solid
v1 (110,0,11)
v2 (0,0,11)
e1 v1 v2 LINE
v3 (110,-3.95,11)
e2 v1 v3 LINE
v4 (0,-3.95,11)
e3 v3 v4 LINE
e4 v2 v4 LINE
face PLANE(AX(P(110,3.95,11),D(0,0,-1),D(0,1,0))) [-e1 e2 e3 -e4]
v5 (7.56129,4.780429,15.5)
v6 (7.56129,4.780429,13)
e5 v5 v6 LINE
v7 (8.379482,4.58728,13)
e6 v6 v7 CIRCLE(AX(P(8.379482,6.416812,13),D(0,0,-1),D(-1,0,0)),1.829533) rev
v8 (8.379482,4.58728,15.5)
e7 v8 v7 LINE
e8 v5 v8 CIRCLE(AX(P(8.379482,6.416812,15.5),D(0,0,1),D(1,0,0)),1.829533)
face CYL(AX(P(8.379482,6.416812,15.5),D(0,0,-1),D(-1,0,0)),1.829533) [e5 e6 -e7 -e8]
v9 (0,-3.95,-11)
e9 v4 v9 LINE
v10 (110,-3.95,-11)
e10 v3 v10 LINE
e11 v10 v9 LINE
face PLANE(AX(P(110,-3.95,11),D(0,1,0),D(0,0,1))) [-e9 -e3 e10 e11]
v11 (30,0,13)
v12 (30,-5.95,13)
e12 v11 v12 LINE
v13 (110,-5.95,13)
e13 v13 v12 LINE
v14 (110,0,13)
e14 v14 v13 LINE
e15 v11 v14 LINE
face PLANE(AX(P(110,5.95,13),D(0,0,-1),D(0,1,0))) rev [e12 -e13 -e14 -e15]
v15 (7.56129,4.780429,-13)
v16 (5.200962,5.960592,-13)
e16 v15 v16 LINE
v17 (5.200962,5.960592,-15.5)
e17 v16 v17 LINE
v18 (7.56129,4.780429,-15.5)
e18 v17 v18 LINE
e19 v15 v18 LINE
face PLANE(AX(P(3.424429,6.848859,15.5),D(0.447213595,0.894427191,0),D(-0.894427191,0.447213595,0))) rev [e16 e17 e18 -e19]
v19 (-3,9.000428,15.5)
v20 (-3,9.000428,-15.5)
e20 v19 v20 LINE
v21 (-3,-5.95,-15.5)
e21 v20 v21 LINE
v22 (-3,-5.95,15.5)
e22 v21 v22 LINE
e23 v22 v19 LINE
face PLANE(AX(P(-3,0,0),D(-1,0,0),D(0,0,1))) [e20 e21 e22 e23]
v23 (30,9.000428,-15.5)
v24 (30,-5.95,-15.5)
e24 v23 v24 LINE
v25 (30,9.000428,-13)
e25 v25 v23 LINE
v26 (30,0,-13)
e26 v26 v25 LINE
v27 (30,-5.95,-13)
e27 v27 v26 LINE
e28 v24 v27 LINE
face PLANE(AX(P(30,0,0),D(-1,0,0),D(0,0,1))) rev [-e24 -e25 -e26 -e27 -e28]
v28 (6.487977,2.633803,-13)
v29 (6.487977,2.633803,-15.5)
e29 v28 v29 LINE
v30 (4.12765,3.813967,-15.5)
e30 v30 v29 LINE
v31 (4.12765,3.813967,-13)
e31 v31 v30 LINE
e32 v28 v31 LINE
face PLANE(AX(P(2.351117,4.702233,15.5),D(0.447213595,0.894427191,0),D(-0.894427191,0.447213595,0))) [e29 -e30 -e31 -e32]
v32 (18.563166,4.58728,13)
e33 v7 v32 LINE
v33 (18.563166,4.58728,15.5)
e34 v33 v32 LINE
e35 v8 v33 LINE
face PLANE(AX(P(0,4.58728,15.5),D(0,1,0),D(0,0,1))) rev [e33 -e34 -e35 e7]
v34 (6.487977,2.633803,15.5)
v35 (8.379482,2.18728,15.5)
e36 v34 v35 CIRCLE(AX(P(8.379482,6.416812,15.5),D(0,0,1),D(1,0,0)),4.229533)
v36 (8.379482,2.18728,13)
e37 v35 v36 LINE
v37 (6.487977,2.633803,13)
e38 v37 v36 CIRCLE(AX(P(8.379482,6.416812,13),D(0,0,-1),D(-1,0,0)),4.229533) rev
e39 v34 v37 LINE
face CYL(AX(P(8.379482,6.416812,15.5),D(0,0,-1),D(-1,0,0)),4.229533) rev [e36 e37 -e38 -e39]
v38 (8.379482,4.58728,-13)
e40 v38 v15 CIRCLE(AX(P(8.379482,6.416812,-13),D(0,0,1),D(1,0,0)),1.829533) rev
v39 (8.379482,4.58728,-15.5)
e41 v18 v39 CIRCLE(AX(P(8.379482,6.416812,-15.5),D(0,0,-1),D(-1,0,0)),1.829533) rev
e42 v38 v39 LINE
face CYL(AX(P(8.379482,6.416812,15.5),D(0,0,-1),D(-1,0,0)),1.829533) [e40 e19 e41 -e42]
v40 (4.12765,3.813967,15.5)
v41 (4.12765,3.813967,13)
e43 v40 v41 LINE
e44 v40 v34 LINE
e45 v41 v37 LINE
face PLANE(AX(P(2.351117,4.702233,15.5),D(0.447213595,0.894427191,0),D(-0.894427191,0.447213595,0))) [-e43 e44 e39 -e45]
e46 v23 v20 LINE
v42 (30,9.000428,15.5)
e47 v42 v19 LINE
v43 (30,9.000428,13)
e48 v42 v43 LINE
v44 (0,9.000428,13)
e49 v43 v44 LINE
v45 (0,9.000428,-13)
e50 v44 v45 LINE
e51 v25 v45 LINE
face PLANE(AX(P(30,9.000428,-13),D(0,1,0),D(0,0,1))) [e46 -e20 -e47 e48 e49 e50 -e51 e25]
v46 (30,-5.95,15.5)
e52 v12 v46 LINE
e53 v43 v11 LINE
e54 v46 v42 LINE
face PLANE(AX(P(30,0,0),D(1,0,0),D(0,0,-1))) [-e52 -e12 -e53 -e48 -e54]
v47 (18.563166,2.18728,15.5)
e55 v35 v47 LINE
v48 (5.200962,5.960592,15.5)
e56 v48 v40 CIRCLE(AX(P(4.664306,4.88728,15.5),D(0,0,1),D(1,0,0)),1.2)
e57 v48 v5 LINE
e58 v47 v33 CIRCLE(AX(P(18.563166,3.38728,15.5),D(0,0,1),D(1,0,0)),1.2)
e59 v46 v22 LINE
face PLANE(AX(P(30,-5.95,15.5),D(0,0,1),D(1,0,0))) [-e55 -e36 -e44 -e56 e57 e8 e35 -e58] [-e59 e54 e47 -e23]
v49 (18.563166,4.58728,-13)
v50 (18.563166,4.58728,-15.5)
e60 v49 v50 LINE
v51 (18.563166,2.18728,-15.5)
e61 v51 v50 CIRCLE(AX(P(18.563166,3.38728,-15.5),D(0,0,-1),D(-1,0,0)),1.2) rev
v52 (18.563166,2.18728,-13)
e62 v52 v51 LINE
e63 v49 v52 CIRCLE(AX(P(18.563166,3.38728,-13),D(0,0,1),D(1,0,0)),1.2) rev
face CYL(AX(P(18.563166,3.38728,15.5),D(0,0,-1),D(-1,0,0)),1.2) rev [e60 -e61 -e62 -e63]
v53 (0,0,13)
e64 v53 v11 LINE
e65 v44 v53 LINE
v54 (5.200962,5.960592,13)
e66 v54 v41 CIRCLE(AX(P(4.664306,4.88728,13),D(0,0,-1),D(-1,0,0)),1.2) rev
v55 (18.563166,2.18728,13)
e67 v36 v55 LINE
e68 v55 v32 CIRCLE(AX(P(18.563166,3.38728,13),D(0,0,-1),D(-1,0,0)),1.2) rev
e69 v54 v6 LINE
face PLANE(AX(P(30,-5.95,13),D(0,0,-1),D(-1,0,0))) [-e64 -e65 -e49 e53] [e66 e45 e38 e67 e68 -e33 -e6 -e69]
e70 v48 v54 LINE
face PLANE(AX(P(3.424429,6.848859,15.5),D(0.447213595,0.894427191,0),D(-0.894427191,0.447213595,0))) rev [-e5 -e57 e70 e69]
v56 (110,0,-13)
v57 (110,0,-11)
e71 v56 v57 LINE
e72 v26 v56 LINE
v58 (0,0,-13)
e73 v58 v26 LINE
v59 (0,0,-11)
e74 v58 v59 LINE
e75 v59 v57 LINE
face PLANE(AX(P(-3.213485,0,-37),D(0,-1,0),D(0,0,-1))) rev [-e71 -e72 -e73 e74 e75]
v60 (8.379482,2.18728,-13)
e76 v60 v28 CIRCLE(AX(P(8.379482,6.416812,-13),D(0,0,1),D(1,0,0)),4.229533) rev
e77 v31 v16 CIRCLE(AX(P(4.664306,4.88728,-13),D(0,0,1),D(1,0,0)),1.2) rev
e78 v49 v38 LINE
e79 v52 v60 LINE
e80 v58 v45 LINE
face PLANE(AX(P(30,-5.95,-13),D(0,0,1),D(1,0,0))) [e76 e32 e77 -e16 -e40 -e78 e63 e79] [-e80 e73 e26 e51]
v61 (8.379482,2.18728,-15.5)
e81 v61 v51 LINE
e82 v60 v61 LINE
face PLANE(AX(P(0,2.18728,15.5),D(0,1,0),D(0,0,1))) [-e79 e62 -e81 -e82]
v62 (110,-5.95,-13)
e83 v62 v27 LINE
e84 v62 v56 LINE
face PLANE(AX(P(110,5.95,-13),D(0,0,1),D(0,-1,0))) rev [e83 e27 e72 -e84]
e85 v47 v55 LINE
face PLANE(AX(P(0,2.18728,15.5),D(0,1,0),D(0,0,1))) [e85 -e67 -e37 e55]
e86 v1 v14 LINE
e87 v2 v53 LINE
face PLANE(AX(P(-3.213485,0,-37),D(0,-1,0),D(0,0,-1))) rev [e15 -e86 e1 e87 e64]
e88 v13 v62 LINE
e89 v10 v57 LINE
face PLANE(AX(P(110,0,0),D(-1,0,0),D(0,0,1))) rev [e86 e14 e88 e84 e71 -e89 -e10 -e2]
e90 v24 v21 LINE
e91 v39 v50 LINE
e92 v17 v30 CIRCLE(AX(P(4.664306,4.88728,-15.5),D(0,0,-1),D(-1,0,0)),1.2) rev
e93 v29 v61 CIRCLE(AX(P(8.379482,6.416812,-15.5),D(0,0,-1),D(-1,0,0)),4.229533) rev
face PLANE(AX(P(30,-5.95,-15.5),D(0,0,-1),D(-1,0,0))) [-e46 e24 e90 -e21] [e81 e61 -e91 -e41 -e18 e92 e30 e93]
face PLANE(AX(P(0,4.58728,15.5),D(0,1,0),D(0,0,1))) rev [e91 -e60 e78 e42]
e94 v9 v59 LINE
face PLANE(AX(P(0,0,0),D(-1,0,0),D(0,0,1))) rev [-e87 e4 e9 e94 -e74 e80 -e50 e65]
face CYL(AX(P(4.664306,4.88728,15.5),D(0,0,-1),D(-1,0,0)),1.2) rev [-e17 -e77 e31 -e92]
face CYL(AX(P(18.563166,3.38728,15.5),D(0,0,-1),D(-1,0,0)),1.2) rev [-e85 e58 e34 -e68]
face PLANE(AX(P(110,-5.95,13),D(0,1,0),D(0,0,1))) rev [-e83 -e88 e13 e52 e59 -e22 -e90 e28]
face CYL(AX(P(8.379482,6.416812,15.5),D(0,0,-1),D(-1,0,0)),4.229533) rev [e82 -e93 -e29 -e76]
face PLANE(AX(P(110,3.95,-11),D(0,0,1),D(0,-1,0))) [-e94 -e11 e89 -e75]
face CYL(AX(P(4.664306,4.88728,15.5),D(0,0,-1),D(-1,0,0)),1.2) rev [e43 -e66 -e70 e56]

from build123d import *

# Parameters (mm, degrees)
SKETCH_1_W               = 26
SKETCH_1_H               = 11.9
SKETCH_1_W_2             = 22
SKETCH_1_H_2             = 7.9
EXTRUDE_1_DEPTH          = 110
SKETCH_3_W               = 151.071145041
SKETCH_3_H               = 8.521608695
CUT_EXTRUDE_1_DEPTH      = 50
SKETCH_4_W               = 2.5
SKETCH_4_H               = 14.950427865
EXTRUDE_2_DEPTH          = 30
SKETCH_5_W               = 31
SKETCH_5_H               = 14.950427865
EXTRUDE_3_DEPTH          = 3
CUT_EXTRUDE_2_DEPTH      = 114.987971742
CUT_EXTRUDE_2_DEPTH_BACK = 10


with BuildPart() as part:
    # 草图1 → 凸台-拉伸1 (new body)
    with BuildSketch(Plane(origin=(0, 0, 0), x_dir=(0, 0, -1), z_dir=(1, 0, 0))):
        Rectangle(SKETCH_1_W, SKETCH_1_H)
        Rectangle(SKETCH_1_W_2, SKETCH_1_H_2, mode=Mode.SUBTRACT)
    extrude(amount=EXTRUDE_1_DEPTH)

    # 草图3 → 切除-拉伸1 (cut)
    with BuildSketch(Plane.XY.offset(13)):
        with Locations((72.322087123, 4.260804348)):
            Rectangle(SKETCH_3_W, SKETCH_3_H)
    extrude(amount=-CUT_EXTRUDE_1_DEPTH, mode=Mode.SUBTRACT)

    # 草图4 → 凸台-拉伸2 (add)
    with BuildSketch(Plane.ZY):
        with Locations((14.25, 1.525213933)):
            Rectangle(SKETCH_4_W, SKETCH_4_H)
        with Locations((-14.25, 1.525213933)):
            Rectangle(SKETCH_4_W, SKETCH_4_H)
    extrude(amount=-EXTRUDE_2_DEPTH)

    # 草图5 → 凸台-拉伸3 (add)
    with BuildSketch(Plane.ZY):
        with Locations((0, 1.525213933)):
            Rectangle(SKETCH_5_W, SKETCH_5_H)
    extrude(amount=EXTRUDE_3_DEPTH)

    # 草图6 → 切除-拉伸2 (cut, two sides: drawn at the far end of the back side and taken through both)
    with BuildSketch(Plane.XY.offset(-13).offset(-CUT_EXTRUDE_2_DEPTH_BACK)):
        with BuildLine():
            Line((18.563166245, 4.587279606), (12.192847179, 4.587279606))
            ThreePointArc((12.192847179, 4.587279606), (10.632355173, 2.837216293), (8.379481629, 2.187279606))
            Line((8.379481629, 2.187279606), (18.563166245, 2.187279606))
            ThreePointArc((18.563166245, 2.187279606), (19.763166245, 3.387279606), (18.563166245, 4.587279606))
        make_face()
        with BuildLine():
            Line((8.379481629, 4.587279606), (7.947587552, 4.587279606))
            Line((7.947587552, 4.587279606), (8.200962294, 4.460592236))
            ThreePointArc((8.200962294, 4.460592236), (8.854523462, 3.234366745), (7.912225197, 2.213168853))
            ThreePointArc((7.912225197, 2.213168853), (8.145495077, 2.193756878), (8.379481629, 2.187279606))
            ThreePointArc((8.379481629, 2.187279606), (10.632355173, 2.837216293), (12.192847179, 4.587279606))
            Line((12.192847179, 4.587279606), (8.379481629, 4.587279606))
        make_face()
        with BuildLine():
            Line((7.561289802, 4.780428481), (5.200962294, 5.960592236))
            ThreePointArc((5.200962294, 5.960592236), (4.689059665, 6.087024269), (4.172377695, 5.981814468))
            ThreePointArc((4.172377695, 5.981814468), (4.900896967, 4.01090385), (6.487977015, 2.633803302))
            ThreePointArc((6.487977015, 2.633803302), (6.700157723, 2.534954754), (6.917481998, 2.447995868))
            ThreePointArc((6.917481998, 2.447995868), (6.531358389, 3.782791625), (7.664305979, 4.587279606))
            Line((7.664305979, 4.587279606), (7.947587552, 4.587279606))
            Line((7.947587552, 4.587279606), (7.561289802, 4.780428481))
        make_face()
        with BuildLine():
            ThreePointArc((8.379481629, 4.587279606), (7.959141186, 4.636221447), (7.561289802, 4.780428481))
            Line((7.561289802, 4.780428481), (7.947587552, 4.587279606))
            Line((7.947587552, 4.587279606), (8.379481629, 4.587279606))
        make_face()
        with BuildLine():
            ThreePointArc((6.487977015, 2.633803302), (4.900896967, 4.01090385), (4.172377695, 5.981814468))
            ThreePointArc((4.172377695, 5.981814468), (3.464561317, 4.912033292), (4.127649665, 3.813966977))
            Line((4.127649665, 3.813966977), (6.487977015, 2.633803302))
        make_face()
        with BuildLine():
            Line((8.200962294, 4.460592236), (7.947587552, 4.587279606))
            Line((7.947587552, 4.587279606), (7.664305979, 4.587279606))
            ThreePointArc((7.664305979, 4.587279606), (6.531358389, 3.782791625), (6.917481998, 2.447995868))
            ThreePointArc((6.917481998, 2.447995868), (7.407734146, 2.300423879), (7.912225197, 2.213168853))
            ThreePointArc((7.912225197, 2.213168853), (8.854523462, 3.234366745), (8.200962294, 4.460592236))
        make_face()
    extrude(amount=CUT_EXTRUDE_2_DEPTH + CUT_EXTRUDE_2_DEPTH_BACK, mode=Mode.SUBTRACT)


solid = part.part
